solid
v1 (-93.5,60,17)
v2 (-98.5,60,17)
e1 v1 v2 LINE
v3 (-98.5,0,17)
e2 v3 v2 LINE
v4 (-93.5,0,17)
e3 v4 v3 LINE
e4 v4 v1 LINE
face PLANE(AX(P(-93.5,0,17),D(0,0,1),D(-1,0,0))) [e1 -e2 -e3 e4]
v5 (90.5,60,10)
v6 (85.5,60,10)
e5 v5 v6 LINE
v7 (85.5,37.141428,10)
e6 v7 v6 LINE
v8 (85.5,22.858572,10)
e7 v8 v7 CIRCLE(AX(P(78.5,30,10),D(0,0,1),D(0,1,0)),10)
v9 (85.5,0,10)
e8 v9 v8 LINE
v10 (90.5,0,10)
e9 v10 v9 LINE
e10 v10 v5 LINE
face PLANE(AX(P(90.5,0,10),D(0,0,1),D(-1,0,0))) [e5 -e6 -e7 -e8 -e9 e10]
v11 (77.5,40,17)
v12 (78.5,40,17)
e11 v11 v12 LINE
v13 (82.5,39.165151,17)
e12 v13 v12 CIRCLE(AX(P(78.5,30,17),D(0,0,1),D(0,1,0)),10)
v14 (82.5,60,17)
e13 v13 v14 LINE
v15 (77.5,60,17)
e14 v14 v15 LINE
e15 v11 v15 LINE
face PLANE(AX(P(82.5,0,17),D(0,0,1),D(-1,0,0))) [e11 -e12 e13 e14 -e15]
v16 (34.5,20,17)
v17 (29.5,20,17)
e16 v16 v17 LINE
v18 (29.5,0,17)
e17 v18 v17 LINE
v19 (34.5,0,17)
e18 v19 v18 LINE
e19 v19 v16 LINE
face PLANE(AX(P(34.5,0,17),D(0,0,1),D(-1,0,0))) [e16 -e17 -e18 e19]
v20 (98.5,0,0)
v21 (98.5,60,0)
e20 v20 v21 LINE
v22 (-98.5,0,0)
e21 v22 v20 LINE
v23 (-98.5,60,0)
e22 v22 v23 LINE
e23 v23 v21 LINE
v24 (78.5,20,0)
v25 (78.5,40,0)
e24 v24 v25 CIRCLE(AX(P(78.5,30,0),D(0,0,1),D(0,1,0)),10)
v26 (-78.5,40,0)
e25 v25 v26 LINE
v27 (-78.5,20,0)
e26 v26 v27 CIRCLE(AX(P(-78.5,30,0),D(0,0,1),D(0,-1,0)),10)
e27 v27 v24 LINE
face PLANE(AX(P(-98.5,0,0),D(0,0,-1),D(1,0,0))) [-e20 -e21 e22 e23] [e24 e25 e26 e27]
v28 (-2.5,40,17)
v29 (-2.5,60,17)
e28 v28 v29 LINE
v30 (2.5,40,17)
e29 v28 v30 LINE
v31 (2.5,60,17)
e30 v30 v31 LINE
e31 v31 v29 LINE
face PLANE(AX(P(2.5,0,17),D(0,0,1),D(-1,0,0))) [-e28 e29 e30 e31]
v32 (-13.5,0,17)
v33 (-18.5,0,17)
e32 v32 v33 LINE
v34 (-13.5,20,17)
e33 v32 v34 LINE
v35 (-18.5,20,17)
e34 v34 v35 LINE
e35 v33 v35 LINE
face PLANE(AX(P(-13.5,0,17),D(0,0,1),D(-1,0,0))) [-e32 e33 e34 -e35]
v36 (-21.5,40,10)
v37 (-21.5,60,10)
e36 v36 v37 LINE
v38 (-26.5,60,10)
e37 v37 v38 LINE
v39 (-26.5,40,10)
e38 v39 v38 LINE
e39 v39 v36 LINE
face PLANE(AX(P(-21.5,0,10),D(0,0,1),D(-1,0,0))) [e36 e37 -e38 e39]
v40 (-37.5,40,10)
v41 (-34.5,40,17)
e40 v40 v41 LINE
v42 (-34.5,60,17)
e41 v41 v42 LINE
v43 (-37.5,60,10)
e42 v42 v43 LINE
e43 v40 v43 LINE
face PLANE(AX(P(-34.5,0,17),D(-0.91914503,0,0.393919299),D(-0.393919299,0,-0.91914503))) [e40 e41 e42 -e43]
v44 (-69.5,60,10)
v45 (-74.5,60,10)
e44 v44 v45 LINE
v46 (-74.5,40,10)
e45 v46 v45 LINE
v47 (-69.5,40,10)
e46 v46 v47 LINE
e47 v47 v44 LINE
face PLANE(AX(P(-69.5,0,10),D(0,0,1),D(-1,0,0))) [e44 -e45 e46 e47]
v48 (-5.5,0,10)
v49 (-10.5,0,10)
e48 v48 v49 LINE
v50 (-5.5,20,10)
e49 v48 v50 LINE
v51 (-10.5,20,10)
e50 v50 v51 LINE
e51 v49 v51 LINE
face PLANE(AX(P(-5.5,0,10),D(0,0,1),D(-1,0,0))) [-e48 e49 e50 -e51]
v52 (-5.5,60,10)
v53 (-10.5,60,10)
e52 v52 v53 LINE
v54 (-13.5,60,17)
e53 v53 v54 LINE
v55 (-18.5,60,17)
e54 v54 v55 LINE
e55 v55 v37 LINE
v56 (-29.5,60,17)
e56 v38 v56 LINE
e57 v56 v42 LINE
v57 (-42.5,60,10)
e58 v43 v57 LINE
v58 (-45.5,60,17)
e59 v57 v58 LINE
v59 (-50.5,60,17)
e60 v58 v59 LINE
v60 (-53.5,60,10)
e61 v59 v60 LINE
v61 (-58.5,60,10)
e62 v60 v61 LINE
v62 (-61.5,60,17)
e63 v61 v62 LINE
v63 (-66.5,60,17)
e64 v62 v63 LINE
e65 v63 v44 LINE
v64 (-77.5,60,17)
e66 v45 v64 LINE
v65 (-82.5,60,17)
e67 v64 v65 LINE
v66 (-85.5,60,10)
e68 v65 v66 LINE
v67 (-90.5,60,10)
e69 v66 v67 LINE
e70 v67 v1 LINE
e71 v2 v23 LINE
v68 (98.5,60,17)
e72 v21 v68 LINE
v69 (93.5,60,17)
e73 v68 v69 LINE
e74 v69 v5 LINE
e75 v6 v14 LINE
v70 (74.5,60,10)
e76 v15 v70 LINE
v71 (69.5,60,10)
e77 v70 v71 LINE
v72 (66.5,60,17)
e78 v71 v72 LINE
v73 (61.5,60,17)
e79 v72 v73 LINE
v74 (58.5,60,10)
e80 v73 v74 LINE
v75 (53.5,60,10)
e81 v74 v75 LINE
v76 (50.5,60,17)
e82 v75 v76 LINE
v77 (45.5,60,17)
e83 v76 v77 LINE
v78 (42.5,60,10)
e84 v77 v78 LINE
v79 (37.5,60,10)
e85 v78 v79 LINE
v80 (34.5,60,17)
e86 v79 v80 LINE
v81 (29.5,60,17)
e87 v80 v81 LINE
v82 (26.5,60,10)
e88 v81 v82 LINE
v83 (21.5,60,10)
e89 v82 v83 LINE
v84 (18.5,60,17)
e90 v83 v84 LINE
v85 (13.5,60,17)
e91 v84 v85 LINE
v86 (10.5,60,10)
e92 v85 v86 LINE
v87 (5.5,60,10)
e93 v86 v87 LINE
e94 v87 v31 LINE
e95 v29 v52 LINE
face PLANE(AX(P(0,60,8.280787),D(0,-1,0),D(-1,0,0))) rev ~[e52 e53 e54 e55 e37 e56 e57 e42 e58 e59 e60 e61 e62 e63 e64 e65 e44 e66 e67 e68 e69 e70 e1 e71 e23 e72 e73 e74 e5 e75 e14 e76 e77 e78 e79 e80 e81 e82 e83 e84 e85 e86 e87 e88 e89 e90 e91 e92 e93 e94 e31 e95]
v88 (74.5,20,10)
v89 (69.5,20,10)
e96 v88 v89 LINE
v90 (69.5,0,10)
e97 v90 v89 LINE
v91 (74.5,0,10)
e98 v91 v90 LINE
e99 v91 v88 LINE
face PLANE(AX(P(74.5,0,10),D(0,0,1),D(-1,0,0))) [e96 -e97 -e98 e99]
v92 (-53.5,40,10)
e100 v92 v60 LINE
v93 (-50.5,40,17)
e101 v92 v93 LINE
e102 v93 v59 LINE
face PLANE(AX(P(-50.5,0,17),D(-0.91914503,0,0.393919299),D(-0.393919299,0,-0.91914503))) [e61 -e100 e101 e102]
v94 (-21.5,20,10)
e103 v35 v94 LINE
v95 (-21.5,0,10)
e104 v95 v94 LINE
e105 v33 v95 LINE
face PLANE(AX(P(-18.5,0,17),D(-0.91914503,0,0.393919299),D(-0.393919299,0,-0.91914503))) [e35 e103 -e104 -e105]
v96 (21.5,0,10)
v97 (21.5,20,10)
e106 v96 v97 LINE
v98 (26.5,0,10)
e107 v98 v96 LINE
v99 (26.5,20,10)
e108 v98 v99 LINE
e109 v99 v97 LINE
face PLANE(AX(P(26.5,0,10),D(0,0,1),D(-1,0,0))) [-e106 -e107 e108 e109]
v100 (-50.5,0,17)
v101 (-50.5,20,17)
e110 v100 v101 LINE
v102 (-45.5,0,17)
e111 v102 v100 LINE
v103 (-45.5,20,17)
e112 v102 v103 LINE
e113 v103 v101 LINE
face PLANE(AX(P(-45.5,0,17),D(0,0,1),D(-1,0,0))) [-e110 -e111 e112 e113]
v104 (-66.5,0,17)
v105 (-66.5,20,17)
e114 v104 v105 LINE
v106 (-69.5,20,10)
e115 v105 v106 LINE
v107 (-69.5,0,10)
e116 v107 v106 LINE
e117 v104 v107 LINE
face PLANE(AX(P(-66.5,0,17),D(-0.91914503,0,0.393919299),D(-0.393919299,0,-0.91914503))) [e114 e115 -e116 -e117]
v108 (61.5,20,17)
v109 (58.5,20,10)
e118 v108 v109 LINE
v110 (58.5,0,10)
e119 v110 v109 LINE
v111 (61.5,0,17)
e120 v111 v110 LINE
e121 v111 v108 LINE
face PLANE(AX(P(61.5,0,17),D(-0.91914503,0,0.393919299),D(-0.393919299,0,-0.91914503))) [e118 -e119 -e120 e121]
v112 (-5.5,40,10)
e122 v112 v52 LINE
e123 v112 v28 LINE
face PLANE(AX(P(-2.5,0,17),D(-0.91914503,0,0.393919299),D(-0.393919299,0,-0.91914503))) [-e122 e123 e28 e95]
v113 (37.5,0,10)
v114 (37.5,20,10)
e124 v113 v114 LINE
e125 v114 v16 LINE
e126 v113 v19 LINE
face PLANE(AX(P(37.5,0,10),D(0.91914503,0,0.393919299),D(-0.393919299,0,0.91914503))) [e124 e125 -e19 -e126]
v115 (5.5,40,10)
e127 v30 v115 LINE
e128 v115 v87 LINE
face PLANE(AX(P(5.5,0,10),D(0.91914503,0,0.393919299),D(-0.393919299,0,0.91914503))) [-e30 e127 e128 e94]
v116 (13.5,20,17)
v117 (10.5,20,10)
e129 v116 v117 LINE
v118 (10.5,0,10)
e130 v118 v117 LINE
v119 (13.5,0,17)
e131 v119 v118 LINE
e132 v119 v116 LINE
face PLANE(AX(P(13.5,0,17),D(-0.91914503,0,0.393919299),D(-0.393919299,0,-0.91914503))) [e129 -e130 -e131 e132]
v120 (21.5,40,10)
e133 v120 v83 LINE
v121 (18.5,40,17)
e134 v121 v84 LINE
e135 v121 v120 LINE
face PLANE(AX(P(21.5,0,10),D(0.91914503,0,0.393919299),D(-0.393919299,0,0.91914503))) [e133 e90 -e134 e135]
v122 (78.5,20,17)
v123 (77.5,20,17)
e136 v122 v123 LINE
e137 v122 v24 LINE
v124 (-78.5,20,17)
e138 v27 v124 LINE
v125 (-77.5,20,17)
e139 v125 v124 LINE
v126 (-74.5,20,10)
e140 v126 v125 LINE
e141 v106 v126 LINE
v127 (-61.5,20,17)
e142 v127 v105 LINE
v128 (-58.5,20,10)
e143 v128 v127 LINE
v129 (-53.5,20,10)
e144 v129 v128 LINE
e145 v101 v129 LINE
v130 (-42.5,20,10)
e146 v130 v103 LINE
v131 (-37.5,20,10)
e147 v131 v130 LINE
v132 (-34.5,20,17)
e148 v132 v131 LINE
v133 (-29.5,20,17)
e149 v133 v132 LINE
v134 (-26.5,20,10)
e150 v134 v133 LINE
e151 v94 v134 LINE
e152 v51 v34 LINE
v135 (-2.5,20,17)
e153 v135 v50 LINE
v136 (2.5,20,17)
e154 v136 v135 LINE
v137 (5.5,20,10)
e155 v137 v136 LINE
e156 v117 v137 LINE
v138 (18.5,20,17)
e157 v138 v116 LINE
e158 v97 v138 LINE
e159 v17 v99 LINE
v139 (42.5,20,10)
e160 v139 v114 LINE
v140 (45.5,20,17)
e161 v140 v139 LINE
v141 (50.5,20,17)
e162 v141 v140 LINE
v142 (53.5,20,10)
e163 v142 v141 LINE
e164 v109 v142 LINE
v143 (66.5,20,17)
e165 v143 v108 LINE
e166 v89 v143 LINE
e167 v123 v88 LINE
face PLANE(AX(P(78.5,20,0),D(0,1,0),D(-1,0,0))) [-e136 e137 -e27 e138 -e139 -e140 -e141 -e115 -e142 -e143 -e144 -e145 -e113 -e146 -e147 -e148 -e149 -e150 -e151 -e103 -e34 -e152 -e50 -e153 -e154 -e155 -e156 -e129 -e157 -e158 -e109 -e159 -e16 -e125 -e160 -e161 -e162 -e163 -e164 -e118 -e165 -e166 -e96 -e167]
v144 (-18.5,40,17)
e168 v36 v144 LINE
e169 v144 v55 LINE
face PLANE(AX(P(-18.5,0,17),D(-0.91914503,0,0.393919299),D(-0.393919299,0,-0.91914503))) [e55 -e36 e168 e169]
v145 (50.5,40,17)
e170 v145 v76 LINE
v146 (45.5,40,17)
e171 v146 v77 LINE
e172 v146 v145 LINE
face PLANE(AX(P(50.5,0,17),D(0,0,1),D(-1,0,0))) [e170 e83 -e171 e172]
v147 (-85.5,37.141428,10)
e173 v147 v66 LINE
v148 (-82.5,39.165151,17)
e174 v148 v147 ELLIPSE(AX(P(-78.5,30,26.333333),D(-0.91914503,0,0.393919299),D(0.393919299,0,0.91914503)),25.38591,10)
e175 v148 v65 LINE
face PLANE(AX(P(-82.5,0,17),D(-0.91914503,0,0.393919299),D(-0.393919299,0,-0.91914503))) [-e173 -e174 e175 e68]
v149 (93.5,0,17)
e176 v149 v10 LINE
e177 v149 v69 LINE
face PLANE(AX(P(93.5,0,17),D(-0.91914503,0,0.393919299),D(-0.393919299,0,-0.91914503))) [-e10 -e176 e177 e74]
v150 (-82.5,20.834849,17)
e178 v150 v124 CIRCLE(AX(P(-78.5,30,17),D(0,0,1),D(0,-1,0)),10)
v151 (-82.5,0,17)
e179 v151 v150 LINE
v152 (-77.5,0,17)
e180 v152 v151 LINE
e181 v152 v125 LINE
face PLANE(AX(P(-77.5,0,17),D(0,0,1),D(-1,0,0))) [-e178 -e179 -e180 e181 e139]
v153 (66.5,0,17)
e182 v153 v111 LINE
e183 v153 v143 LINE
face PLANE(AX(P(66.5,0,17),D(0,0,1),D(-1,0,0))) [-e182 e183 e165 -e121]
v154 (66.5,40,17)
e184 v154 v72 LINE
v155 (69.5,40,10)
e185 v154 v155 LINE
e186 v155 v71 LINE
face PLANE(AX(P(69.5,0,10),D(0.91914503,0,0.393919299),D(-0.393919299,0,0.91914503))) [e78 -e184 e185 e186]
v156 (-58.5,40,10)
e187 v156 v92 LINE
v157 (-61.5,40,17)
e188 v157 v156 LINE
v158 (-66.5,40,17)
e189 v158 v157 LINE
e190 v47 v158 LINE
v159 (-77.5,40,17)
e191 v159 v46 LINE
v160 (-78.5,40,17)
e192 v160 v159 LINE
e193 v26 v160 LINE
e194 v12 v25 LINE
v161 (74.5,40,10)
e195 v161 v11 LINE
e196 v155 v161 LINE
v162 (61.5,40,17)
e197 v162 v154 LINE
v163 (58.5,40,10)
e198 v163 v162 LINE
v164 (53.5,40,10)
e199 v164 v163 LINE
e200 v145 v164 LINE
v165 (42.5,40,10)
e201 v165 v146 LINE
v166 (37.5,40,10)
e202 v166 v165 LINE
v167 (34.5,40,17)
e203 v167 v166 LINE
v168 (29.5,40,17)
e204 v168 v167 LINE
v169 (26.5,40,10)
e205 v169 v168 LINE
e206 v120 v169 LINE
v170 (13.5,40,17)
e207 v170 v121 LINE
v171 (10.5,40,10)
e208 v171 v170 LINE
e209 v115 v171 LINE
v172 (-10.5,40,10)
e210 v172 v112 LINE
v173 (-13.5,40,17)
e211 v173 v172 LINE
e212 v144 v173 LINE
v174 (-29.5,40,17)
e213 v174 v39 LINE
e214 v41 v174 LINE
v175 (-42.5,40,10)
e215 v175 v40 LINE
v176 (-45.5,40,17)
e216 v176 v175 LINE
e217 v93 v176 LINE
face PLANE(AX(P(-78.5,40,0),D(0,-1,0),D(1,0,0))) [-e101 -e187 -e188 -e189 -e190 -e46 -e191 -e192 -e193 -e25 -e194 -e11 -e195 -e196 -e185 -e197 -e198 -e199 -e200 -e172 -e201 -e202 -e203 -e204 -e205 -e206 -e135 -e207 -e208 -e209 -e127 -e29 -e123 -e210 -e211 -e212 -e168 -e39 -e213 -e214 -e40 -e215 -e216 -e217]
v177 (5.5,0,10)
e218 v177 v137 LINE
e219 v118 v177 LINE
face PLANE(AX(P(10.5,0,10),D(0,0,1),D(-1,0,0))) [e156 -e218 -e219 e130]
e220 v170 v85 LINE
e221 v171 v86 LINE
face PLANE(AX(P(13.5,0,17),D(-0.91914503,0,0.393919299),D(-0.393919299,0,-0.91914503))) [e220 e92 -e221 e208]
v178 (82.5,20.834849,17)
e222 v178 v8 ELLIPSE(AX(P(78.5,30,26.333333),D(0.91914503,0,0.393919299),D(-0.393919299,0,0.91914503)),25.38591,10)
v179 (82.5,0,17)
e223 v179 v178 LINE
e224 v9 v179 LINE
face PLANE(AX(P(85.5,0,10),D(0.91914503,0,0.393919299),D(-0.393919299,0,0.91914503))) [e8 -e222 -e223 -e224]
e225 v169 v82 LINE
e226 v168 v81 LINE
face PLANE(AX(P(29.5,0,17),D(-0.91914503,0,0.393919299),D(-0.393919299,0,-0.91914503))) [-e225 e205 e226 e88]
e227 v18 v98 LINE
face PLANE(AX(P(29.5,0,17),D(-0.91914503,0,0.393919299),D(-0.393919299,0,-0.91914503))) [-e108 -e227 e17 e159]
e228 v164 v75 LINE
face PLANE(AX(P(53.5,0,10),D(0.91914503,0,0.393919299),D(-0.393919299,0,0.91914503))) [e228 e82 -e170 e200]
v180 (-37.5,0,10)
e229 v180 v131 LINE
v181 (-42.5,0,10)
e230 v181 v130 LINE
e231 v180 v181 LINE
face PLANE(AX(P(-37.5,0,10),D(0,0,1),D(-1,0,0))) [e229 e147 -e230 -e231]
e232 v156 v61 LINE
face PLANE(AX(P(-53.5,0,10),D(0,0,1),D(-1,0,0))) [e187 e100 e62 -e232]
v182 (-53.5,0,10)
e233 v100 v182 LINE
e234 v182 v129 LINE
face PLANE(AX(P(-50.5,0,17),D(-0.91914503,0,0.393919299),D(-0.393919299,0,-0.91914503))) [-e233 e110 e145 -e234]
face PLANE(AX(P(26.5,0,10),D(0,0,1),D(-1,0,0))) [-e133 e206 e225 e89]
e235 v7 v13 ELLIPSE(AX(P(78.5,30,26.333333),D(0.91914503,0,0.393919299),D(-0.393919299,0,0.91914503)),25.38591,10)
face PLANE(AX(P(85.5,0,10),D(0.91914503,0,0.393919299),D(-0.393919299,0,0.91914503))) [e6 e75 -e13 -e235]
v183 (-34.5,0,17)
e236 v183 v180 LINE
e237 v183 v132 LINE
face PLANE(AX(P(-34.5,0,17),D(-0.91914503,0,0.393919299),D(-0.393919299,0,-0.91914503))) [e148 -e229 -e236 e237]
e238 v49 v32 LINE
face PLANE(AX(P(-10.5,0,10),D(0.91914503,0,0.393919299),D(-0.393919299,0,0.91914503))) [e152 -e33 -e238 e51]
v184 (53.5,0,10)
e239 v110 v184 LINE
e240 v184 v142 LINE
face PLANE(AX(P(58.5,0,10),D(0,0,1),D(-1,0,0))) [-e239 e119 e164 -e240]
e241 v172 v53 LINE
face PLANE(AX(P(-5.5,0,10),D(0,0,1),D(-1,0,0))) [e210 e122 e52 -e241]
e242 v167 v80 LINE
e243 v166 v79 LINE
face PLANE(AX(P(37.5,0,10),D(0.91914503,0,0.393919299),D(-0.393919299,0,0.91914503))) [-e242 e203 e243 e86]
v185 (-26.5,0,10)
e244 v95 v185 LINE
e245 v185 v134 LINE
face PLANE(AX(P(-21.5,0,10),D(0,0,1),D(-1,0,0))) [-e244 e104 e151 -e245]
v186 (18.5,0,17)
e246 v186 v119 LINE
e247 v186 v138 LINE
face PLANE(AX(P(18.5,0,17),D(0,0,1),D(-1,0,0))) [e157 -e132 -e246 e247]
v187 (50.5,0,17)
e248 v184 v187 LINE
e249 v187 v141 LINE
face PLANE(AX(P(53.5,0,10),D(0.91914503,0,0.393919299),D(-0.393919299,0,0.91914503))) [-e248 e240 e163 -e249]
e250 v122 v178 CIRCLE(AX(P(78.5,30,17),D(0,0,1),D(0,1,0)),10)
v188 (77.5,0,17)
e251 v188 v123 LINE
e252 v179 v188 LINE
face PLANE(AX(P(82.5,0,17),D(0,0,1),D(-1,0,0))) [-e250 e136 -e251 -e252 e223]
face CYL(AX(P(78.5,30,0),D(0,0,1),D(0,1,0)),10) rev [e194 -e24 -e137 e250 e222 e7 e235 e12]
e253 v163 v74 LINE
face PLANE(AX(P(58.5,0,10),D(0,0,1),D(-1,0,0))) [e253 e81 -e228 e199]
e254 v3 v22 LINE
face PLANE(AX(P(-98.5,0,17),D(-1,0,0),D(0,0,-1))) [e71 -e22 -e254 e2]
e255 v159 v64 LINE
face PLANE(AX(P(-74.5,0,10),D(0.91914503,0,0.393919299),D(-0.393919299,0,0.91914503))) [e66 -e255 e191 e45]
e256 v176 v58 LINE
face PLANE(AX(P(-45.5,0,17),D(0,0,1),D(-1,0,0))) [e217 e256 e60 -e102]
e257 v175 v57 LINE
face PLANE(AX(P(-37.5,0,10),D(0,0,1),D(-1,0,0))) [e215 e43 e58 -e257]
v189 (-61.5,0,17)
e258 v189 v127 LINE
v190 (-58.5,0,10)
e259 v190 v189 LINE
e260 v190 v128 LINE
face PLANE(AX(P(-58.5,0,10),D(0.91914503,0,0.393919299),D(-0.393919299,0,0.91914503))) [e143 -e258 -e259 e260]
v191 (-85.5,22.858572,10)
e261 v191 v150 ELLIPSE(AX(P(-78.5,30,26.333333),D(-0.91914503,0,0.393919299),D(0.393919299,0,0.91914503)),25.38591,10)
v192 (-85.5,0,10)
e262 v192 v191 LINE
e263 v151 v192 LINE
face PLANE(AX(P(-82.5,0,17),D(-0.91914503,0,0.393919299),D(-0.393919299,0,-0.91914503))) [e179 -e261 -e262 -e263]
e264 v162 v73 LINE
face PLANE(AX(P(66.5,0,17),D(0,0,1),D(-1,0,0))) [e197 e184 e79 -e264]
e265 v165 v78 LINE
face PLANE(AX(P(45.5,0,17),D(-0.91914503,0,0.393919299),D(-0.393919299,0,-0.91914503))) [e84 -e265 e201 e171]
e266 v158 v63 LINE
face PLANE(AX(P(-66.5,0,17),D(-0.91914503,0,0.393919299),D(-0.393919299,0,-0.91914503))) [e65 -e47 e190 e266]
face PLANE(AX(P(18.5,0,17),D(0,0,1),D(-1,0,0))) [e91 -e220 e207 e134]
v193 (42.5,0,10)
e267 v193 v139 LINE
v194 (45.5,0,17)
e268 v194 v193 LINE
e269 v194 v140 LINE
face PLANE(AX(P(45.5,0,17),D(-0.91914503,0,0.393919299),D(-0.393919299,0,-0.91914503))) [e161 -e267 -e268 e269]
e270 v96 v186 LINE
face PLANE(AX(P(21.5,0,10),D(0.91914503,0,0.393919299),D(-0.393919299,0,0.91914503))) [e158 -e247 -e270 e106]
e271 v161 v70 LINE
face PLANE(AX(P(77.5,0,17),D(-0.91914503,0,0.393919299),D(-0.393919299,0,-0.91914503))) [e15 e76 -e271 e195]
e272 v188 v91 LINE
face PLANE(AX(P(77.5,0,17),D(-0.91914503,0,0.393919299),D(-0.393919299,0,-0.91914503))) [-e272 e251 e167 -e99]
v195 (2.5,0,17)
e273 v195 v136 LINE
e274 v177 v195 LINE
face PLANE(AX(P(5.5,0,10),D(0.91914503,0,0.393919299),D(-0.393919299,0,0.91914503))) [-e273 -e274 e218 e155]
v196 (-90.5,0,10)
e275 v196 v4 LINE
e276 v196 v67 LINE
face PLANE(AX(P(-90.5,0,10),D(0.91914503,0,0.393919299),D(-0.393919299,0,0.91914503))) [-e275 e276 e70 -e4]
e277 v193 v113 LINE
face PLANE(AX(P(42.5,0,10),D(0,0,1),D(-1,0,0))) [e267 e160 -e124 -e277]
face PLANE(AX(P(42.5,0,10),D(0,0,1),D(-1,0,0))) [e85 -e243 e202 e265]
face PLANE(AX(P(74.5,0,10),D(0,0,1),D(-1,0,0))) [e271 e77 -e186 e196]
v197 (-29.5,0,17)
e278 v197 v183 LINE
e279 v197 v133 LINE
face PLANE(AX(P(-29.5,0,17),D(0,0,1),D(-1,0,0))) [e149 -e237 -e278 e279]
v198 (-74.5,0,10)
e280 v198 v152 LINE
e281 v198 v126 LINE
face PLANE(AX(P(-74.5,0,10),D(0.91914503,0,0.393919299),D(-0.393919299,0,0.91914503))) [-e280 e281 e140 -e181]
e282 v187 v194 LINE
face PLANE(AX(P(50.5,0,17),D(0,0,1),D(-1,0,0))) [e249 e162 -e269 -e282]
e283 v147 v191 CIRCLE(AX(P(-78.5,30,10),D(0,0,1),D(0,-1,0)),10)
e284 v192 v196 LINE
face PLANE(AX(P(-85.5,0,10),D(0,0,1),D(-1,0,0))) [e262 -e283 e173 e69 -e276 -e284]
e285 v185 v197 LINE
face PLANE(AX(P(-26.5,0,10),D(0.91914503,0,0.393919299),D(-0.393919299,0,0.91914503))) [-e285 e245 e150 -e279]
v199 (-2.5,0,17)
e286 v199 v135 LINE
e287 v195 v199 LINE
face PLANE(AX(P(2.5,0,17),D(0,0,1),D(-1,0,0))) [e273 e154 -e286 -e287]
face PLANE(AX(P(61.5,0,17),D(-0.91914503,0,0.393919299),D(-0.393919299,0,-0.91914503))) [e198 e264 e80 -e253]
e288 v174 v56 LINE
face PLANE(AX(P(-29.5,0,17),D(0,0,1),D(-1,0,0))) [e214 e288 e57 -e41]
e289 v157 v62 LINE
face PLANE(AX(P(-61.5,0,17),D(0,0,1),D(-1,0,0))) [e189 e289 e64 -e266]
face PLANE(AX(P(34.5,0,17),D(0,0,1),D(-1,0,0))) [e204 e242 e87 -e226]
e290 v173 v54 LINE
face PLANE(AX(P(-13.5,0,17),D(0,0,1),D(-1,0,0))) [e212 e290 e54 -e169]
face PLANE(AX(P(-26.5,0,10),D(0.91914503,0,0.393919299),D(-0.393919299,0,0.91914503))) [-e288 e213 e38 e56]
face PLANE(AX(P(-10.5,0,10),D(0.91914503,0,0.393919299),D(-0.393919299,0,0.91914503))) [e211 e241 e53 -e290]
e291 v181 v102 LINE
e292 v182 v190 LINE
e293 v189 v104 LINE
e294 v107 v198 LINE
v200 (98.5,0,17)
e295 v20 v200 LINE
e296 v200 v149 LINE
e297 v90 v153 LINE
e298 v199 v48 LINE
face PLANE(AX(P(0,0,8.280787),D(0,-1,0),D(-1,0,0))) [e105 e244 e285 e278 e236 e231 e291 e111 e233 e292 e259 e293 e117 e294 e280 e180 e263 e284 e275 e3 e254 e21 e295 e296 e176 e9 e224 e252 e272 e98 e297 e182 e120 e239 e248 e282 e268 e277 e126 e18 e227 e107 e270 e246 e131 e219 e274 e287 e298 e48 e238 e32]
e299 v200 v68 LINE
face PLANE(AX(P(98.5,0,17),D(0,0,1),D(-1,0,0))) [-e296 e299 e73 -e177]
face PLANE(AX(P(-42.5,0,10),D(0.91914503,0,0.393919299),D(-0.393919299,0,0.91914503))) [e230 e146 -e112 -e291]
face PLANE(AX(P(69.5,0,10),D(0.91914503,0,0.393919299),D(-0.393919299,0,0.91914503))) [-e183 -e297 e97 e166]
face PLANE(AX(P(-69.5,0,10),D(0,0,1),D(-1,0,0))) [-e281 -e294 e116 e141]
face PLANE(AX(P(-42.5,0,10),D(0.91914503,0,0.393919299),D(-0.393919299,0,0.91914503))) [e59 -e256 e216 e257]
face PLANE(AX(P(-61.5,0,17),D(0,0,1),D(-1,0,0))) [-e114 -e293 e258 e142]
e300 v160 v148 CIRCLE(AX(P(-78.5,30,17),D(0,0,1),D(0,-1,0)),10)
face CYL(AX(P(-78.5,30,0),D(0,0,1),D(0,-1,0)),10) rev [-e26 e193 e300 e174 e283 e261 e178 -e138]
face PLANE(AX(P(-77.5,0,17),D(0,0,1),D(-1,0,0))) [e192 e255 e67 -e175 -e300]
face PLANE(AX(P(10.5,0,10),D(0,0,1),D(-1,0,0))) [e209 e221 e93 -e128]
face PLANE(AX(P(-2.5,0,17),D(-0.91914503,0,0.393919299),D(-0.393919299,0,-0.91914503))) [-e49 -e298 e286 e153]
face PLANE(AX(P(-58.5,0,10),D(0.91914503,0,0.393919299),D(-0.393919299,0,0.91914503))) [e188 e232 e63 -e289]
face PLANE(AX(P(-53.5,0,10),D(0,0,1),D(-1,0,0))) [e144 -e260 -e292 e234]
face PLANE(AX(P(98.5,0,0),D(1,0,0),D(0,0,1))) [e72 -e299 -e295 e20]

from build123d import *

# Parameters (mm, degrees)
BOSS_EXTRUDE1_DEPTH = 60
CUT_EXTRUDE1_DEPTH  = 30


with BuildPart() as part:
    # Sketch1 → Boss-Extrude1 (new body)
    with BuildSketch(Plane(origin=(0, 0, 0), x_dir=(1, 0, 0), z_dir=(0, 1, 0))):
        Polygon((-98.5, 0), (98.5, 0), (98.5, -17), (93.5, -17), (90.5, -10), (85.5, -10), (82.5, -17), (77.5, -17), (74.5, -10), (69.5, -10), (66.5, -17), (61.5, -17), (58.5, -10), (53.5, -10), (50.5, -17), (45.5, -17), (42.5, -10), (37.5, -10), (34.5, -17), (29.5, -17), (26.5, -10), (21.5, -10), (18.5, -17), (13.5, -17), (10.5, -10), (5.5, -10), (2.5, -17), (-2.5, -17), (-5.5, -10), (-10.5, -10), (-13.5, -17), (-18.5, -17), (-21.5, -10), (-26.5, -10), (-29.5, -17), (-34.5, -17), (-37.5, -10), (-42.5, -10), (-45.5, -17), (-50.5, -17), (-53.5, -10), (-58.5, -10), (-61.5, -17), (-66.5, -17), (-69.5, -10), (-74.5, -10), (-77.5, -17), (-82.5, -17), (-85.5, -10), (-90.5, -10), (-93.5, -17), (-98.5, -17), align=None)
    extrude(amount=BOSS_EXTRUDE1_DEPTH)

    # Sketch2 → Cut-Extrude1 (cut, symmetric)
    with BuildSketch(Plane.XY):
        with BuildLine():
            Line((-78.5, 40), (78.5, 40))
            ThreePointArc((78.5, 40), (88.5, 30), (78.5, 20))
            Line((78.5, 20), (-78.5, 20))
            ThreePointArc((-78.5, 20), (-88.5, 30), (-78.5, 40))
        make_face()
    extrude(amount=CUT_EXTRUDE1_DEPTH, both=True, mode=Mode.SUBTRACT)


solid = part.part
